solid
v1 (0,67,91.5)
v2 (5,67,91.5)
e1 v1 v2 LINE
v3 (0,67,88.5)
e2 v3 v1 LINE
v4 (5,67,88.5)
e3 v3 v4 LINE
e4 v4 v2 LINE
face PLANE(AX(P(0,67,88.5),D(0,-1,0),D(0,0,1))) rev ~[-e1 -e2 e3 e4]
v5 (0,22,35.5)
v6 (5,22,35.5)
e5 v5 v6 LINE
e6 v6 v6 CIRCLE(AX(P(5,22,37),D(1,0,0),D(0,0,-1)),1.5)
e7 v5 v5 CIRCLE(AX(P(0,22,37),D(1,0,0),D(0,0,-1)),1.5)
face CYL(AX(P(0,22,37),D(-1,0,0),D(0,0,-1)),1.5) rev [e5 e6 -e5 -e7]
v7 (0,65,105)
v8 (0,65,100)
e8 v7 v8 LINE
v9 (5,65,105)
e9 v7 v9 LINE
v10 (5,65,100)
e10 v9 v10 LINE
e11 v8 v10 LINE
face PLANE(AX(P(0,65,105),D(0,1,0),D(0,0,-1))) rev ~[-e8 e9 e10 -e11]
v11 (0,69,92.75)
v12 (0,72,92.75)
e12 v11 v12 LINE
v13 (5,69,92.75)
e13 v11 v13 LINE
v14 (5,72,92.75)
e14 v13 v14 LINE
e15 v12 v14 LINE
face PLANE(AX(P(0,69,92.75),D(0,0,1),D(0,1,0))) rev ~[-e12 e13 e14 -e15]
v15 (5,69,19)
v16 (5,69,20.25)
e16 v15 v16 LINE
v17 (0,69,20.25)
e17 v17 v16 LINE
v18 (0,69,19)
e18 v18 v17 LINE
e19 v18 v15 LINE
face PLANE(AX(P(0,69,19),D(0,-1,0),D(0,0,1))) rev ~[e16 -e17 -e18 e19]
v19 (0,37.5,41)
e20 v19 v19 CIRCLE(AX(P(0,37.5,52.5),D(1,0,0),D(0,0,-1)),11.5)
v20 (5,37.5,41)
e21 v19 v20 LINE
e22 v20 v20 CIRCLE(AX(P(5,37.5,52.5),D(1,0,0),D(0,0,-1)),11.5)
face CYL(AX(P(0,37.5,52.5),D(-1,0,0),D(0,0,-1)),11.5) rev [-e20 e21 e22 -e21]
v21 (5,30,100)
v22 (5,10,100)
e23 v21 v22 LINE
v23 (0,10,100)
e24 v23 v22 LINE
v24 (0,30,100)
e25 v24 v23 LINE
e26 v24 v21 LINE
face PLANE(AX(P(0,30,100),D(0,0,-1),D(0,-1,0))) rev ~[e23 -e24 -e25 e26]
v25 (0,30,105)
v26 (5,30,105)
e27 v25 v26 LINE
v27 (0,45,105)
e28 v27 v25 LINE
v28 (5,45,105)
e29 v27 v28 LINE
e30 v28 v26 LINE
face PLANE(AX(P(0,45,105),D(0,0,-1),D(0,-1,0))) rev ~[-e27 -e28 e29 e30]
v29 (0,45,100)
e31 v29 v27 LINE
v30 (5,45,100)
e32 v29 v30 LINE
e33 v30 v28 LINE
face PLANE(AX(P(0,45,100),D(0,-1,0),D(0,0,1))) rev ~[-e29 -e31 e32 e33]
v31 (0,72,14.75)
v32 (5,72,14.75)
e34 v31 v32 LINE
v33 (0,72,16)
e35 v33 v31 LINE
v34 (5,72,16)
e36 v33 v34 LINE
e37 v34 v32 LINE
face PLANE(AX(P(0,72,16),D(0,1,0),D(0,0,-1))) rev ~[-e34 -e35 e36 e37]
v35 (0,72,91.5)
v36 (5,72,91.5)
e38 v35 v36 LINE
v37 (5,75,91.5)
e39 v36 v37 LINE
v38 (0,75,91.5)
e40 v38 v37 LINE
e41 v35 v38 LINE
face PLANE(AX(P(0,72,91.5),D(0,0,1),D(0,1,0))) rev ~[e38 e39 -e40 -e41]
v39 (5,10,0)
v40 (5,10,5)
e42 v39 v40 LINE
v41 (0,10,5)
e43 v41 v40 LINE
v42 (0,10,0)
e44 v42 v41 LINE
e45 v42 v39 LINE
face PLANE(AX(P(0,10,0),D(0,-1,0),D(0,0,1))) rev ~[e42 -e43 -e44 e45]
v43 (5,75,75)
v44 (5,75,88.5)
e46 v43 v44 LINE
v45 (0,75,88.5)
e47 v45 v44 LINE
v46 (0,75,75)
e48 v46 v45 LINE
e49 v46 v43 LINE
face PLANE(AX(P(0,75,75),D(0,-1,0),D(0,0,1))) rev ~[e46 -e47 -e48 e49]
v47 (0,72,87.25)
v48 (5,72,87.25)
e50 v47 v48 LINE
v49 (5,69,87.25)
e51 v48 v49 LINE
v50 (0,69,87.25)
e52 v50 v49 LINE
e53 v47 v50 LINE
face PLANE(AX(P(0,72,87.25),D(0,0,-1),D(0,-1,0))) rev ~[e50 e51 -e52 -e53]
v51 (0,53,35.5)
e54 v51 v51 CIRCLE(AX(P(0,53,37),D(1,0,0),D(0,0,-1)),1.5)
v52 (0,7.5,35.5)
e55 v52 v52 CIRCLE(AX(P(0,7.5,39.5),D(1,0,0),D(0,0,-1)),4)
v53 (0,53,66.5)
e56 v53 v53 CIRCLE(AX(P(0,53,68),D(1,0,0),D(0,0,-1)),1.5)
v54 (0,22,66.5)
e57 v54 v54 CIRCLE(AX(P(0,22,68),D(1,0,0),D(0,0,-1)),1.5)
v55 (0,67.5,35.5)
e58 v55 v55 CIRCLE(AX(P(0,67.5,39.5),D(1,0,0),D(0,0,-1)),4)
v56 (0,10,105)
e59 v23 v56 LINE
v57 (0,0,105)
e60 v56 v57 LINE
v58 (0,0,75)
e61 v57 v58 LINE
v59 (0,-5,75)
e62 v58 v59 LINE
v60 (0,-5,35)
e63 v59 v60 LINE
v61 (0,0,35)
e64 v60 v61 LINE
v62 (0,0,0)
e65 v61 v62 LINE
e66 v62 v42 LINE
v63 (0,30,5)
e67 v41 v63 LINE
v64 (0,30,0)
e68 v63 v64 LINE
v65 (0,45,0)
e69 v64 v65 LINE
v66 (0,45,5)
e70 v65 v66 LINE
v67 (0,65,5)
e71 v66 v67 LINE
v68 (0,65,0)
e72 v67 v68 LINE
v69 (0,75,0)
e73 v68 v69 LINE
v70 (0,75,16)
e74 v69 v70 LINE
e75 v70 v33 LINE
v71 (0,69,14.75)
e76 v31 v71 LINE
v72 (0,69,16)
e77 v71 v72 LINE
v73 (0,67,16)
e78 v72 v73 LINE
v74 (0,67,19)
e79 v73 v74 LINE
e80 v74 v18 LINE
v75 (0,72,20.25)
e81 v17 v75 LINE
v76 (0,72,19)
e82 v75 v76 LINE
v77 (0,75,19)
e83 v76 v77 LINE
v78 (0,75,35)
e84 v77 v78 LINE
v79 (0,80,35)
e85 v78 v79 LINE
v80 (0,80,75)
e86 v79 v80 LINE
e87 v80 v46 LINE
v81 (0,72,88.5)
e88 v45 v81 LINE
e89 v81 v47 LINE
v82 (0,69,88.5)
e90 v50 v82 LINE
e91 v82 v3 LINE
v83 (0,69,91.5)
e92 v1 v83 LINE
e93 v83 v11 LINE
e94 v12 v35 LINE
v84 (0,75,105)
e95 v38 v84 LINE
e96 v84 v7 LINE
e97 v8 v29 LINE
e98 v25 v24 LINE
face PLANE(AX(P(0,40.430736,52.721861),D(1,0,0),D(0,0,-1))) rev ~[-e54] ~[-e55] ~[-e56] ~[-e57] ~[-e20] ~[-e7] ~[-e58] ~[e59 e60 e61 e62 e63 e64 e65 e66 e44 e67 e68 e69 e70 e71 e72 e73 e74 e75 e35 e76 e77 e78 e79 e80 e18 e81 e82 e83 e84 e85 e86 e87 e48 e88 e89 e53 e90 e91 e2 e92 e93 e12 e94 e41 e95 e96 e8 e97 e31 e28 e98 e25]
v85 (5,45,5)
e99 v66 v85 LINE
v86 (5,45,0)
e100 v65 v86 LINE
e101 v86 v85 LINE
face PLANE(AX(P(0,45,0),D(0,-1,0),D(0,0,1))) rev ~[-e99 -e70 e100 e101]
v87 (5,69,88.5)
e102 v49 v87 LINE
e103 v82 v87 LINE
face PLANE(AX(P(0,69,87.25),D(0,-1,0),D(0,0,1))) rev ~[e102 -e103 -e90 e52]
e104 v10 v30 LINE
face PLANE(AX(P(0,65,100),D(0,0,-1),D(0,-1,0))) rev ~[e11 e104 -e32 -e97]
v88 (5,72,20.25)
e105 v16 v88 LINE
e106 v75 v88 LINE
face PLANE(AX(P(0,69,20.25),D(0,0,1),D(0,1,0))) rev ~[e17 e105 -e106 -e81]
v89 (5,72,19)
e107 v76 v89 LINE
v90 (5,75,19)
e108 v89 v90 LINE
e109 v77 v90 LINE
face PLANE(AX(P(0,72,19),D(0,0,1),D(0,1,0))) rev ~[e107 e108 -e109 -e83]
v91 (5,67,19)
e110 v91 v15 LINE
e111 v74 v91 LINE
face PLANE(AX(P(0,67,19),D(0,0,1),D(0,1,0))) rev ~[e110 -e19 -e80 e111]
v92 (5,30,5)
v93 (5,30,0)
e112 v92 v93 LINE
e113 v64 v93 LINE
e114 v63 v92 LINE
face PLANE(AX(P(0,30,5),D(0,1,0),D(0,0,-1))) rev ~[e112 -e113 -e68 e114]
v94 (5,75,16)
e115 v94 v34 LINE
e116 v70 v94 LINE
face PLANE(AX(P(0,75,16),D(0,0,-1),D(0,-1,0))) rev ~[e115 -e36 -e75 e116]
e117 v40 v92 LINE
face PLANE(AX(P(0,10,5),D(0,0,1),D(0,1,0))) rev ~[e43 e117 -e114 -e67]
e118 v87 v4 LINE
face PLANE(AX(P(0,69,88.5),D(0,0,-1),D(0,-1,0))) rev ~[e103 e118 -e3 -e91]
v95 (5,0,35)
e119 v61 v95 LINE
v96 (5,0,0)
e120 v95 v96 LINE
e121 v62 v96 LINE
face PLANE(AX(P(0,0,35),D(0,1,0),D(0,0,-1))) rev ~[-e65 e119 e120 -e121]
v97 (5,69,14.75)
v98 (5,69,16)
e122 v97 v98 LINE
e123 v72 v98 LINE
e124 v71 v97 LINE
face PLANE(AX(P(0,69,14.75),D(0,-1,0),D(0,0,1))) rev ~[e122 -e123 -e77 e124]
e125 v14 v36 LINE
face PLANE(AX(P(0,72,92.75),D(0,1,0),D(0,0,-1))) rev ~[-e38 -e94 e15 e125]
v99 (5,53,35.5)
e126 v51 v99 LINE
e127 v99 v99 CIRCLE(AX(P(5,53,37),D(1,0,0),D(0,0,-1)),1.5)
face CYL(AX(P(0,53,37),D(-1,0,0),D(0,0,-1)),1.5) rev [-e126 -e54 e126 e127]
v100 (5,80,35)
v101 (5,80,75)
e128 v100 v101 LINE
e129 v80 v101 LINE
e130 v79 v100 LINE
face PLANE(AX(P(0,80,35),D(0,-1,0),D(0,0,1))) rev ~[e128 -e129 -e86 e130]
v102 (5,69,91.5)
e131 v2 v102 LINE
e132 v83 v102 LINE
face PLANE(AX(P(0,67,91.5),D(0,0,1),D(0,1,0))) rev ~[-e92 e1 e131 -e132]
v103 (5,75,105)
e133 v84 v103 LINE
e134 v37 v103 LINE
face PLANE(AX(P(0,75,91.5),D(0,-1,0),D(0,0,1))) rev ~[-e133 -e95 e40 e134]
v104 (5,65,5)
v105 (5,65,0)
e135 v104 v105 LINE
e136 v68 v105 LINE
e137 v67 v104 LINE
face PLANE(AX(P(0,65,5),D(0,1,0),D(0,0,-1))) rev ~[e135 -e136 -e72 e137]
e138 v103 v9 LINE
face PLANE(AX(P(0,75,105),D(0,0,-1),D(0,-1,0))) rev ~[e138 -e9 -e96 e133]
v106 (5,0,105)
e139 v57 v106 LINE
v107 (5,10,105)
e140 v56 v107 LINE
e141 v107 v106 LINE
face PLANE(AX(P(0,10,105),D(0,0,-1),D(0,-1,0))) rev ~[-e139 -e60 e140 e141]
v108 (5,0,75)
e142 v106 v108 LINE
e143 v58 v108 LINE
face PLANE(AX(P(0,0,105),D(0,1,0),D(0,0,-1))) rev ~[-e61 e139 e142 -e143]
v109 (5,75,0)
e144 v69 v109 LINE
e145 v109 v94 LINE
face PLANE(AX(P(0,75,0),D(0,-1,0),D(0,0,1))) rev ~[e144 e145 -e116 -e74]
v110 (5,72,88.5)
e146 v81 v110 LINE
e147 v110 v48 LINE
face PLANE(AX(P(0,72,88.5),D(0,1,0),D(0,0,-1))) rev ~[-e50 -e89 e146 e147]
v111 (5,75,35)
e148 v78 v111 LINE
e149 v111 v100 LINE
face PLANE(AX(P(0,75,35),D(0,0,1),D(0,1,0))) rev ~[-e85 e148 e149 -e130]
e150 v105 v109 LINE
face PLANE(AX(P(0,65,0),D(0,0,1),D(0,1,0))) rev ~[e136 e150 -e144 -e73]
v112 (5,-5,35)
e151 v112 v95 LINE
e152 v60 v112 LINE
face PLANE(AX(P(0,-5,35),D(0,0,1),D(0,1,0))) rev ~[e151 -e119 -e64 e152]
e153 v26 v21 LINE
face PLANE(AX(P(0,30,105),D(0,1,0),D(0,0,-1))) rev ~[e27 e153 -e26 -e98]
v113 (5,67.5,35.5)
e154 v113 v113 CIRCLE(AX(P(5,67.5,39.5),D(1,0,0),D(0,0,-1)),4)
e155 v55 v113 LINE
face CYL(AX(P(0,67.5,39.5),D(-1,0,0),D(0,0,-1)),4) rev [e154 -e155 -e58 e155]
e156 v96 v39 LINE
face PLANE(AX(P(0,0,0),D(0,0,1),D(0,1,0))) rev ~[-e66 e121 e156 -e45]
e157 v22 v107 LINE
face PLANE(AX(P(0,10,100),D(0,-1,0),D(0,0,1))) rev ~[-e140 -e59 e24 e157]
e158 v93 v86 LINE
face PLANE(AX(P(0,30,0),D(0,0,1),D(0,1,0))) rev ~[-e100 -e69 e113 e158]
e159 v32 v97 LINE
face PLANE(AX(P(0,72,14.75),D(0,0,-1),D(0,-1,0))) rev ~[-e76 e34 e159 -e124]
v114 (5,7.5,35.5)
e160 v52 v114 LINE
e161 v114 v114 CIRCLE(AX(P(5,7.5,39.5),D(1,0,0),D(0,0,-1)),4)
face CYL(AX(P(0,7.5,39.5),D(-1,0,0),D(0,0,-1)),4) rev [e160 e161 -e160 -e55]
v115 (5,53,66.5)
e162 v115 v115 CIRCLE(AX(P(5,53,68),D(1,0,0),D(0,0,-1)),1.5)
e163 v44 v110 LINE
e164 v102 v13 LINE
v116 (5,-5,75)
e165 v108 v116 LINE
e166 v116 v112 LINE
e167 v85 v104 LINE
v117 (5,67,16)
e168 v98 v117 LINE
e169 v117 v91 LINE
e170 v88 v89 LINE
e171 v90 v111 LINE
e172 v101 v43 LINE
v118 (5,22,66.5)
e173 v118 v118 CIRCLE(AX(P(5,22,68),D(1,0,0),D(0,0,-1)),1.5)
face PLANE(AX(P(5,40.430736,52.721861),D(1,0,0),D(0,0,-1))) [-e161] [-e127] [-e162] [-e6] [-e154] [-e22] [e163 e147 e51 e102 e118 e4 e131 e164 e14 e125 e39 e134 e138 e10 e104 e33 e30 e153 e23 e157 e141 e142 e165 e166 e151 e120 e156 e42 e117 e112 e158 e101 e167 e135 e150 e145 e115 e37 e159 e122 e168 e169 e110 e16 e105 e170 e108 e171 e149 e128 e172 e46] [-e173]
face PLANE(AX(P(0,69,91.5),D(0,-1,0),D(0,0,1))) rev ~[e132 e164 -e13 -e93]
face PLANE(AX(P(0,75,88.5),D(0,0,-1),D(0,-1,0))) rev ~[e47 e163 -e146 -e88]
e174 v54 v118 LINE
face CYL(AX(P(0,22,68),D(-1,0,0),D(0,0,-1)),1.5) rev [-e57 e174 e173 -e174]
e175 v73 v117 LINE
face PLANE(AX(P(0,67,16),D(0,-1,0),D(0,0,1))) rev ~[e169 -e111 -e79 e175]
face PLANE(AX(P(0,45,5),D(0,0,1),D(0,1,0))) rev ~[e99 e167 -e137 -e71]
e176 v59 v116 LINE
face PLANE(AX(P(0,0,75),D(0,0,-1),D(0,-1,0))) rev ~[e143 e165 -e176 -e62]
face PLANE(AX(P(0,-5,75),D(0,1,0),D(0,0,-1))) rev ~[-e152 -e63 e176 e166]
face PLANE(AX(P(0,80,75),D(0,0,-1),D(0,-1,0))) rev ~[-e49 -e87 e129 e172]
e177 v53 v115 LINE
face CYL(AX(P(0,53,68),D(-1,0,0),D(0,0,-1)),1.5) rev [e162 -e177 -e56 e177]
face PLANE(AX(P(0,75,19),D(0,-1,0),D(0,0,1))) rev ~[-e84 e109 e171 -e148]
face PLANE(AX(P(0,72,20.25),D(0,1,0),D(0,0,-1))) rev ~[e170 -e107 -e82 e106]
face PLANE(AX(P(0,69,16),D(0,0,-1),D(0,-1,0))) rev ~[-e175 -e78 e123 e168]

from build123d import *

# Parameters (mm, degrees)
SKETCH_1_R      = 11.5
SKETCH_1_R_2    = 1.5
SKETCH_1_R_3    = 4
EXTRUDE_1_DEPTH = 5


with BuildPart() as part:
    # 草图1 → 凸台-拉伸1 (new body)
    with BuildSketch(Plane(origin=(0, 0, 0), x_dir=(0, 0, -1), z_dir=(1, 0, 0))):
        Polygon((-75, 75), (-88.5, 75), (-88.5, 72), (-87.25, 72), (-87.25, 69), (-88.5, 69), (-88.5, 67), (-91.5, 67), (-91.5, 69), (-92.75, 69), (-92.75, 72), (-91.5, 72), (-91.5, 75), (-105, 75), (-105, 65), (-100, 65), (-100, 45), (-105, 45), (-105, 30), (-100, 30), (-100, 10), (-105, 10), (-105, 0), (-75, 0), (-75, -5), (-35, -5), (-35, 0), (0, 0), (0, 10), (-5, 10), (-5, 30), (0, 30), (0, 45), (-5, 45), (-5, 65), (0, 65), (0, 75), (-16, 75), (-16, 72), (-14.75, 72), (-14.75, 69), (-16, 69), (-16, 67), (-19, 67), (-19, 69), (-20.25, 69), (-20.25, 72), (-19, 72), (-19, 75), (-35, 75), (-35, 80), (-75, 80), align=None)
        with Locations((-52.5, 37.5)):
            Circle(SKETCH_1_R, mode=Mode.SUBTRACT)
        with Locations((-68, 53)):
            Circle(SKETCH_1_R_2, mode=Mode.SUBTRACT)
        with Locations((-37, 53)):
            Circle(SKETCH_1_R_2, mode=Mode.SUBTRACT)
        with Locations((-37, 22)):
            Circle(SKETCH_1_R_2, mode=Mode.SUBTRACT)
        with Locations((-68, 22)):
            Circle(SKETCH_1_R_2, mode=Mode.SUBTRACT)
        with Locations((-39.5, 67.5)):
            Circle(SKETCH_1_R_3, mode=Mode.SUBTRACT)
        with Locations((-39.5, 7.5)):
            Circle(SKETCH_1_R_3, mode=Mode.SUBTRACT)
    extrude(amount=EXTRUDE_1_DEPTH)


solid = part.part
